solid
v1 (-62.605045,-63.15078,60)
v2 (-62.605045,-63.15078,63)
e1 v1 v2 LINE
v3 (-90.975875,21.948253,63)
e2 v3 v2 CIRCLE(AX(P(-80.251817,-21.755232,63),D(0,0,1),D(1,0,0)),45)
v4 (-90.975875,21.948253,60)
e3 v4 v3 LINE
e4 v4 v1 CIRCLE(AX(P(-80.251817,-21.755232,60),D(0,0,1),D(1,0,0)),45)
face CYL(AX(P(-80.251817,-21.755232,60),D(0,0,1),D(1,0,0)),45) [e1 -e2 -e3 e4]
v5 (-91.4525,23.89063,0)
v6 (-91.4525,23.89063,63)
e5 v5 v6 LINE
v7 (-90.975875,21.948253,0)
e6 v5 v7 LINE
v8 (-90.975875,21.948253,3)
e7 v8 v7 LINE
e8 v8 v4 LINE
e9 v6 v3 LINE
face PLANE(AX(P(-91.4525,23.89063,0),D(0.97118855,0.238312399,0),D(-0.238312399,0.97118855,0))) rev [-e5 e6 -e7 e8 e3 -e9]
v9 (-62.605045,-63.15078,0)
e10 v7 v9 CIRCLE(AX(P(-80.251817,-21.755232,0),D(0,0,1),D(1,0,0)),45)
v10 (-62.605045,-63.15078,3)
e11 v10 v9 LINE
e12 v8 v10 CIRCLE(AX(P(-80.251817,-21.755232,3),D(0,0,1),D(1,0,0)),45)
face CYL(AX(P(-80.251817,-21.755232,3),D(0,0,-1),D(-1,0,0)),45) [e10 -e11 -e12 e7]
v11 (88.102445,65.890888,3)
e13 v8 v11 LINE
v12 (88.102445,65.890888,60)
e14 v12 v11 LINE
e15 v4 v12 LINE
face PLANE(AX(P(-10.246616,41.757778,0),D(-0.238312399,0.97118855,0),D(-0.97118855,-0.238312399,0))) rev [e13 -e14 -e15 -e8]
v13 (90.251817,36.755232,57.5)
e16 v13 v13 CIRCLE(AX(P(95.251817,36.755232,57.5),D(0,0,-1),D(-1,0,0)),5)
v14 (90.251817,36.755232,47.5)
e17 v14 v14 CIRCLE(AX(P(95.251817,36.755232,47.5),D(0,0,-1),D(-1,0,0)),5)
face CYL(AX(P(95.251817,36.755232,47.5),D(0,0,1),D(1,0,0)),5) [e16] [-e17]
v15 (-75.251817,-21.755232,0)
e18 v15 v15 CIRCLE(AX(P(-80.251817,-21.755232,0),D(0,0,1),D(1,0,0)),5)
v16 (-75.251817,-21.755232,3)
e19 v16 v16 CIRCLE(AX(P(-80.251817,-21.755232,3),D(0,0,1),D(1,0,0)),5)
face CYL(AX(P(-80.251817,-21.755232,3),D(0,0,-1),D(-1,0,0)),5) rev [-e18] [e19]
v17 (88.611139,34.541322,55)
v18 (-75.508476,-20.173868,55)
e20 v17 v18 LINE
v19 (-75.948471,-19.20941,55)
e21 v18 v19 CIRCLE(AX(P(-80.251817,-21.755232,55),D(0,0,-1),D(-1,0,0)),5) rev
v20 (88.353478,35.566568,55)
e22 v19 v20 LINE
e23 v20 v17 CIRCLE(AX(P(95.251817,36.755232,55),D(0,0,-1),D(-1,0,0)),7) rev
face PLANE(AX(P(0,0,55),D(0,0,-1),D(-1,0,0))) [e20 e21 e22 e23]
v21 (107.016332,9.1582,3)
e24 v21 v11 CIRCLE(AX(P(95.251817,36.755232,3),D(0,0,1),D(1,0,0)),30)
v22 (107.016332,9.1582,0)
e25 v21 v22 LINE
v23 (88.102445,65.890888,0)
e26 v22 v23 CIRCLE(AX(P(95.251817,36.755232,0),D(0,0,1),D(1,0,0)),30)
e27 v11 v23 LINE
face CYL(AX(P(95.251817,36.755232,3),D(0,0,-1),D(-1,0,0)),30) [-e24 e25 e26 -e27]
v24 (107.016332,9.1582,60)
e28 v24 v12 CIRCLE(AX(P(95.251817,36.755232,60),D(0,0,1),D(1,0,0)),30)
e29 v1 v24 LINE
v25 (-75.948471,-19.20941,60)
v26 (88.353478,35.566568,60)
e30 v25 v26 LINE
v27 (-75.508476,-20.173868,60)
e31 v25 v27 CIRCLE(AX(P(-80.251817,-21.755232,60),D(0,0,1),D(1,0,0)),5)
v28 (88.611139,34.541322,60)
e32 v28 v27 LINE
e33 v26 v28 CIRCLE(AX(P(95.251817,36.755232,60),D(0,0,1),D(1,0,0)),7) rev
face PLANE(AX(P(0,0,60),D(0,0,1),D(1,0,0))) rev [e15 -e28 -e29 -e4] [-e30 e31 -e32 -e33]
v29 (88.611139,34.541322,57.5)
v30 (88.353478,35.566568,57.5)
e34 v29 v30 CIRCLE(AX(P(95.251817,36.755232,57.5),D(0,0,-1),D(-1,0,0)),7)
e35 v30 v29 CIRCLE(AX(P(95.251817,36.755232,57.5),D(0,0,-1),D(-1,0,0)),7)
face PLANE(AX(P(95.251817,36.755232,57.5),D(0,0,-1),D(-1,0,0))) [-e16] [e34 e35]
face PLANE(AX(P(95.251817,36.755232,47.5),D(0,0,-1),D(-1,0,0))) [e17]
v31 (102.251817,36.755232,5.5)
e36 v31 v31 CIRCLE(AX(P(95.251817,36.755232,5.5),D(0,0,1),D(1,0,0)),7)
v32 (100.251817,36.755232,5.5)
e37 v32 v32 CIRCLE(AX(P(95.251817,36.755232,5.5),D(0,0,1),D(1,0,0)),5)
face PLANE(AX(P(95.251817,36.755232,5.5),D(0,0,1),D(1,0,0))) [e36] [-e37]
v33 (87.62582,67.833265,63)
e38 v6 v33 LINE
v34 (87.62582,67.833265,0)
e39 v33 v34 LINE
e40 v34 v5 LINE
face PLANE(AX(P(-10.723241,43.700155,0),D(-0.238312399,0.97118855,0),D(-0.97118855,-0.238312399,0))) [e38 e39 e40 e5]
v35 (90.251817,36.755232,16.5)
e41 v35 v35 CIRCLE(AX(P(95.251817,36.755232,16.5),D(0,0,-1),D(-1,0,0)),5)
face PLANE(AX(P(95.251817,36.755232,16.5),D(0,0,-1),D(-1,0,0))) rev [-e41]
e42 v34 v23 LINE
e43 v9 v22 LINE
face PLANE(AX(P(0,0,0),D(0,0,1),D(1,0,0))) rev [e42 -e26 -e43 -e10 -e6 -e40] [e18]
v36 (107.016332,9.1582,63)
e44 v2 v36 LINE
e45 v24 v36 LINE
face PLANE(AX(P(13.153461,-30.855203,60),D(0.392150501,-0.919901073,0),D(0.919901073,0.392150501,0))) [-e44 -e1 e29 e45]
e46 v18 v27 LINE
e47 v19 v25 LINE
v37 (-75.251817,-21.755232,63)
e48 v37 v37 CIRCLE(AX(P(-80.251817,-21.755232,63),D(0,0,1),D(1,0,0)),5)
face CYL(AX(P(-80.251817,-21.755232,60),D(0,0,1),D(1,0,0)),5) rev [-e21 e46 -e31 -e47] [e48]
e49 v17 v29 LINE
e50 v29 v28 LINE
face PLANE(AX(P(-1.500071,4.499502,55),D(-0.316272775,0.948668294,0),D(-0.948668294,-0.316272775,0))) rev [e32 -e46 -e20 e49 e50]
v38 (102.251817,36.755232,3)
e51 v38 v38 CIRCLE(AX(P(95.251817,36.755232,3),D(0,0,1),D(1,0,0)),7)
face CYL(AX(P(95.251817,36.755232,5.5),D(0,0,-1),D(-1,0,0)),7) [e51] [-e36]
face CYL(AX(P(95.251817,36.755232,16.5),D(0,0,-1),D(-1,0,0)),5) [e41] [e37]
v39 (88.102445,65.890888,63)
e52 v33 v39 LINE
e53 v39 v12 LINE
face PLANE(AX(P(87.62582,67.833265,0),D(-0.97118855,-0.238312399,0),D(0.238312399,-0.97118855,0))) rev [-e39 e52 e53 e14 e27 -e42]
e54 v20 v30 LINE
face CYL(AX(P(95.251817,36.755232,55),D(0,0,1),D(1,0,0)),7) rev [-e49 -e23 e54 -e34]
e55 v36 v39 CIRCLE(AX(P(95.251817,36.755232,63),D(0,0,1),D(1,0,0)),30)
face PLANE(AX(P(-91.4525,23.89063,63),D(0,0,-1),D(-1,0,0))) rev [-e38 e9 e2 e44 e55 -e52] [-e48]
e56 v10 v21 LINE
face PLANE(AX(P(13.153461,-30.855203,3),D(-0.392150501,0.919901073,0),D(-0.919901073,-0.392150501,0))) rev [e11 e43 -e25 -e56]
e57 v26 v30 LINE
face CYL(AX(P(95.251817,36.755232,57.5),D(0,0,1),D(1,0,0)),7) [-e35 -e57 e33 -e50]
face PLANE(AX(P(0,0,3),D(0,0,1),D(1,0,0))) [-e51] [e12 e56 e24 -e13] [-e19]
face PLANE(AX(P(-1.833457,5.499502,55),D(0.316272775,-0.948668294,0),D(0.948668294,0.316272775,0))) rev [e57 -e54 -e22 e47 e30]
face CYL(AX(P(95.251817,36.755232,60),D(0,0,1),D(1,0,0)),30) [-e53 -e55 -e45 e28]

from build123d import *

# Parameters (mm, degrees)
SKETCH1_R           = 45
SKETCH1_R_2         = 5
SKETCH1_R_3         = 30
BOSS_EXTRUDE1_DEPTH = 3
SKETCH2_W           = 184.390889146
SKETCH2_H           = 63
BOSS_EXTRUDE2_DEPTH = 2
BOSS_EXTRUDE3_START = -3
SKETCH3_R           = 45
SKETCH3_R_2         = 5
SKETCH3_R_3         = 30
BOSS_EXTRUDE3_DEPTH = 3
SKETCH5_R           = 7
SKETCH5_R_2         = 5
BOSS_EXTRUDE4_DEPTH = 2.5
BOSS_EXTRUDE5_START = 2.5
SKETCH7_R           = 7
SKETCH7_R_2         = 5
BOSS_EXTRUDE5_DEPTH = 2.5
SKETCH11_R          = 5
BOSS_EXTRUDE6_DEPTH = 5.5
BOSS_EXTRUDE7_START = 10
SKETCH12_R          = 5
BOSS_EXTRUDE7_DEPTH = 10
SKETCH13_R          = 5
BOSS_EXTRUDE8_DEPTH = 16.5
BOSS_EXTRUDE9_START = 5
BOSS_EXTRUDE9_DEPTH = 5


with BuildPart() as part:
    # Sketch1 → Boss-Extrude1 (new body)
    # profile 1 of 3: a face of its own
    with BuildSketch(Plane.XY):
        with BuildLine():
            Line((88.102445193, 65.890888235), (-90.975875137, 21.948253042))
            ThreePointArc((-90.975875137, 21.948253042), (-52.481172674, 13.65368388), (-35.251817171, -21.755231724))
            ThreePointArc((-35.251817171, -21.755231724), (-42.707811228, -46.563448464), (-62.605044629, -63.150780021))
            Line((-62.605044629, -63.150780021), (107.016332199, 9.158199526))
            ThreePointArc((107.016332199, 9.158199526), (66.791768359, 27.267048462), (88.102445193, 65.890888235))
        make_face()
    # profile 2 of 3: a face of its own
    with BuildSketch(Plane.XY):
        with Locations((-80.251817171, -21.755231724)):
            Circle(SKETCH1_R)
        with Locations((-80.251817171, -21.755231724)):
            Circle(SKETCH1_R_2, mode=Mode.SUBTRACT)
    # profile 3 of 3: a face of its own
    with BuildSketch(Plane.XY):
        with Locations((95.251817171, 36.755231724)):
            Circle(SKETCH1_R_3)
        with Locations((95.251817171, 36.755231724)):
            Circle(SKETCH1_R_2, mode=Mode.SUBTRACT)
    extrude(amount=BOSS_EXTRUDE1_DEPTH)

    # Sketch2 → Boss-Extrude2 (add)
    with BuildSketch(Plane(origin=(-10.246616026, 41.75777759, 0), x_dir=(0.971188550366469, 0.23831239925164718, 0), z_dir=(-0.23831239925164718, 0.971188550366469, 0))):
        with Locations((9.071257122, -31.5)):
            Rectangle(SKETCH2_W, SKETCH2_H)
    extrude(amount=BOSS_EXTRUDE2_DEPTH)

    # Sketch3 → Boss-Extrude3 (add)
    # profile 1 of 3: a face of its own
    with BuildSketch(Plane.XY.offset(63).offset(BOSS_EXTRUDE3_START)):
        with Locations((-80.251817171, -21.755231724)):
            Circle(SKETCH3_R)
        with Locations((-80.251817171, -21.755231724)):
            Circle(SKETCH3_R_2, mode=Mode.SUBTRACT)
    # profile 2 of 3: a face of its own
    with BuildSketch(Plane.XY.offset(63).offset(BOSS_EXTRUDE3_START)):
        with BuildLine():
            ThreePointArc((-35.251817171, -21.755231724), (-42.707811228, -46.563448464), (-62.605044629, -63.150780021))
            Line((-62.605044629, -63.150780021), (107.016332199, 9.158199526))
            ThreePointArc((107.016332199, 9.158199526), (66.791768359, 27.267048462), (88.102445193, 65.890888235))
            Line((88.102445193, 65.890888235), (-90.975875137, 21.948253042))
            ThreePointArc((-90.975875137, 21.948253042), (-52.481172674, 13.65368388), (-35.251817171, -21.755231724))
        make_face()
    # profile 3 of 3: a face of its own
    with BuildSketch(Plane.XY.offset(63).offset(BOSS_EXTRUDE3_START)):
        with Locations((95.251817171, 36.755231724)):
            Circle(SKETCH3_R_3)
        with Locations((95.251817171, 36.755231724)):
            Circle(SKETCH3_R_2, mode=Mode.SUBTRACT)
    extrude(amount=BOSS_EXTRUDE3_DEPTH)

    # Sketch5 → Boss-Extrude4 (add)
    with BuildSketch(Plane.XY.offset(3)):
        with Locations((95.251817171, 36.755231724)):
            Circle(SKETCH5_R)
        with Locations((95.251817171, 36.755231724)):
            Circle(SKETCH5_R_2, mode=Mode.SUBTRACT)
    extrude(amount=BOSS_EXTRUDE4_DEPTH)

    # Sketch7 → Boss-Extrude5 (add)
    with BuildSketch(Plane(origin=(0, 0, 60), x_dir=(-1, 0, 0), z_dir=(0, 0, -1)).offset(BOSS_EXTRUDE5_START)):
        with Locations(Location((-95.251817171, 36.755231724, 0), (0, 0, 180))):
            Circle(SKETCH7_R)
        with Locations(Location((-95.251817171, 36.755231724, 0), (0, 0, 180))):
            Circle(SKETCH7_R_2, mode=Mode.SUBTRACT)
    extrude(amount=-BOSS_EXTRUDE5_DEPTH)

    # Sketch11 → Boss-Extrude6 (add)
    with BuildSketch(Plane(origin=(0, 0, 57.5), x_dir=(-1, 0, 0), z_dir=(0, 0, -1))):
        with Locations(Location((-95.251817171, 36.755231724, 0), (0, 0, 180))):
            Circle(SKETCH11_R)
    extrude(amount=-BOSS_EXTRUDE6_DEPTH)

    # Sketch12 → Boss-Extrude7 (add)
    with BuildSketch(Plane(origin=(0, 0, 57.5), x_dir=(-1, 0, 0), z_dir=(0, 0, -1)).offset(BOSS_EXTRUDE7_START)):
        with Locations(Location((-95.251817171, 36.755231724, 0), (0, 0, 180))):
            Circle(SKETCH12_R)
    extrude(amount=-BOSS_EXTRUDE7_DEPTH)

    # Sketch13 → Boss-Extrude8 (add)
    with BuildSketch(Plane(origin=(0, 0, 0), x_dir=(-1, 0, 0), z_dir=(0, 0, -1))):
        with Locations((-95.251817171, 36.755231724)):
            Circle(SKETCH13_R)
    extrude(amount=-BOSS_EXTRUDE8_DEPTH)

    # Sketch15 → Boss-Extrude9 (add)
    with BuildSketch(Plane(origin=(0, 0, 60), x_dir=(-1, 0, 0), z_dir=(0, 0, -1)).offset(BOSS_EXTRUDE9_START)):
        with BuildLine():
            ThreePointArc((-88.353478337, 35.566568046), (-88.462927218, 35.049074286), (-88.611139115, 34.541322296))
            Line((-88.611139115, 34.541322296), (75.508475702, -20.173867847))
            ThreePointArc((75.508475702, -20.173867847), (75.702840867, -19.679945097), (75.94847072, -19.20940979))
            Line((75.94847072, -19.20940979), (-88.353478337, 35.566568046))
        make_face()
    extrude(amount=-BOSS_EXTRUDE9_DEPTH)


solid = part.part
